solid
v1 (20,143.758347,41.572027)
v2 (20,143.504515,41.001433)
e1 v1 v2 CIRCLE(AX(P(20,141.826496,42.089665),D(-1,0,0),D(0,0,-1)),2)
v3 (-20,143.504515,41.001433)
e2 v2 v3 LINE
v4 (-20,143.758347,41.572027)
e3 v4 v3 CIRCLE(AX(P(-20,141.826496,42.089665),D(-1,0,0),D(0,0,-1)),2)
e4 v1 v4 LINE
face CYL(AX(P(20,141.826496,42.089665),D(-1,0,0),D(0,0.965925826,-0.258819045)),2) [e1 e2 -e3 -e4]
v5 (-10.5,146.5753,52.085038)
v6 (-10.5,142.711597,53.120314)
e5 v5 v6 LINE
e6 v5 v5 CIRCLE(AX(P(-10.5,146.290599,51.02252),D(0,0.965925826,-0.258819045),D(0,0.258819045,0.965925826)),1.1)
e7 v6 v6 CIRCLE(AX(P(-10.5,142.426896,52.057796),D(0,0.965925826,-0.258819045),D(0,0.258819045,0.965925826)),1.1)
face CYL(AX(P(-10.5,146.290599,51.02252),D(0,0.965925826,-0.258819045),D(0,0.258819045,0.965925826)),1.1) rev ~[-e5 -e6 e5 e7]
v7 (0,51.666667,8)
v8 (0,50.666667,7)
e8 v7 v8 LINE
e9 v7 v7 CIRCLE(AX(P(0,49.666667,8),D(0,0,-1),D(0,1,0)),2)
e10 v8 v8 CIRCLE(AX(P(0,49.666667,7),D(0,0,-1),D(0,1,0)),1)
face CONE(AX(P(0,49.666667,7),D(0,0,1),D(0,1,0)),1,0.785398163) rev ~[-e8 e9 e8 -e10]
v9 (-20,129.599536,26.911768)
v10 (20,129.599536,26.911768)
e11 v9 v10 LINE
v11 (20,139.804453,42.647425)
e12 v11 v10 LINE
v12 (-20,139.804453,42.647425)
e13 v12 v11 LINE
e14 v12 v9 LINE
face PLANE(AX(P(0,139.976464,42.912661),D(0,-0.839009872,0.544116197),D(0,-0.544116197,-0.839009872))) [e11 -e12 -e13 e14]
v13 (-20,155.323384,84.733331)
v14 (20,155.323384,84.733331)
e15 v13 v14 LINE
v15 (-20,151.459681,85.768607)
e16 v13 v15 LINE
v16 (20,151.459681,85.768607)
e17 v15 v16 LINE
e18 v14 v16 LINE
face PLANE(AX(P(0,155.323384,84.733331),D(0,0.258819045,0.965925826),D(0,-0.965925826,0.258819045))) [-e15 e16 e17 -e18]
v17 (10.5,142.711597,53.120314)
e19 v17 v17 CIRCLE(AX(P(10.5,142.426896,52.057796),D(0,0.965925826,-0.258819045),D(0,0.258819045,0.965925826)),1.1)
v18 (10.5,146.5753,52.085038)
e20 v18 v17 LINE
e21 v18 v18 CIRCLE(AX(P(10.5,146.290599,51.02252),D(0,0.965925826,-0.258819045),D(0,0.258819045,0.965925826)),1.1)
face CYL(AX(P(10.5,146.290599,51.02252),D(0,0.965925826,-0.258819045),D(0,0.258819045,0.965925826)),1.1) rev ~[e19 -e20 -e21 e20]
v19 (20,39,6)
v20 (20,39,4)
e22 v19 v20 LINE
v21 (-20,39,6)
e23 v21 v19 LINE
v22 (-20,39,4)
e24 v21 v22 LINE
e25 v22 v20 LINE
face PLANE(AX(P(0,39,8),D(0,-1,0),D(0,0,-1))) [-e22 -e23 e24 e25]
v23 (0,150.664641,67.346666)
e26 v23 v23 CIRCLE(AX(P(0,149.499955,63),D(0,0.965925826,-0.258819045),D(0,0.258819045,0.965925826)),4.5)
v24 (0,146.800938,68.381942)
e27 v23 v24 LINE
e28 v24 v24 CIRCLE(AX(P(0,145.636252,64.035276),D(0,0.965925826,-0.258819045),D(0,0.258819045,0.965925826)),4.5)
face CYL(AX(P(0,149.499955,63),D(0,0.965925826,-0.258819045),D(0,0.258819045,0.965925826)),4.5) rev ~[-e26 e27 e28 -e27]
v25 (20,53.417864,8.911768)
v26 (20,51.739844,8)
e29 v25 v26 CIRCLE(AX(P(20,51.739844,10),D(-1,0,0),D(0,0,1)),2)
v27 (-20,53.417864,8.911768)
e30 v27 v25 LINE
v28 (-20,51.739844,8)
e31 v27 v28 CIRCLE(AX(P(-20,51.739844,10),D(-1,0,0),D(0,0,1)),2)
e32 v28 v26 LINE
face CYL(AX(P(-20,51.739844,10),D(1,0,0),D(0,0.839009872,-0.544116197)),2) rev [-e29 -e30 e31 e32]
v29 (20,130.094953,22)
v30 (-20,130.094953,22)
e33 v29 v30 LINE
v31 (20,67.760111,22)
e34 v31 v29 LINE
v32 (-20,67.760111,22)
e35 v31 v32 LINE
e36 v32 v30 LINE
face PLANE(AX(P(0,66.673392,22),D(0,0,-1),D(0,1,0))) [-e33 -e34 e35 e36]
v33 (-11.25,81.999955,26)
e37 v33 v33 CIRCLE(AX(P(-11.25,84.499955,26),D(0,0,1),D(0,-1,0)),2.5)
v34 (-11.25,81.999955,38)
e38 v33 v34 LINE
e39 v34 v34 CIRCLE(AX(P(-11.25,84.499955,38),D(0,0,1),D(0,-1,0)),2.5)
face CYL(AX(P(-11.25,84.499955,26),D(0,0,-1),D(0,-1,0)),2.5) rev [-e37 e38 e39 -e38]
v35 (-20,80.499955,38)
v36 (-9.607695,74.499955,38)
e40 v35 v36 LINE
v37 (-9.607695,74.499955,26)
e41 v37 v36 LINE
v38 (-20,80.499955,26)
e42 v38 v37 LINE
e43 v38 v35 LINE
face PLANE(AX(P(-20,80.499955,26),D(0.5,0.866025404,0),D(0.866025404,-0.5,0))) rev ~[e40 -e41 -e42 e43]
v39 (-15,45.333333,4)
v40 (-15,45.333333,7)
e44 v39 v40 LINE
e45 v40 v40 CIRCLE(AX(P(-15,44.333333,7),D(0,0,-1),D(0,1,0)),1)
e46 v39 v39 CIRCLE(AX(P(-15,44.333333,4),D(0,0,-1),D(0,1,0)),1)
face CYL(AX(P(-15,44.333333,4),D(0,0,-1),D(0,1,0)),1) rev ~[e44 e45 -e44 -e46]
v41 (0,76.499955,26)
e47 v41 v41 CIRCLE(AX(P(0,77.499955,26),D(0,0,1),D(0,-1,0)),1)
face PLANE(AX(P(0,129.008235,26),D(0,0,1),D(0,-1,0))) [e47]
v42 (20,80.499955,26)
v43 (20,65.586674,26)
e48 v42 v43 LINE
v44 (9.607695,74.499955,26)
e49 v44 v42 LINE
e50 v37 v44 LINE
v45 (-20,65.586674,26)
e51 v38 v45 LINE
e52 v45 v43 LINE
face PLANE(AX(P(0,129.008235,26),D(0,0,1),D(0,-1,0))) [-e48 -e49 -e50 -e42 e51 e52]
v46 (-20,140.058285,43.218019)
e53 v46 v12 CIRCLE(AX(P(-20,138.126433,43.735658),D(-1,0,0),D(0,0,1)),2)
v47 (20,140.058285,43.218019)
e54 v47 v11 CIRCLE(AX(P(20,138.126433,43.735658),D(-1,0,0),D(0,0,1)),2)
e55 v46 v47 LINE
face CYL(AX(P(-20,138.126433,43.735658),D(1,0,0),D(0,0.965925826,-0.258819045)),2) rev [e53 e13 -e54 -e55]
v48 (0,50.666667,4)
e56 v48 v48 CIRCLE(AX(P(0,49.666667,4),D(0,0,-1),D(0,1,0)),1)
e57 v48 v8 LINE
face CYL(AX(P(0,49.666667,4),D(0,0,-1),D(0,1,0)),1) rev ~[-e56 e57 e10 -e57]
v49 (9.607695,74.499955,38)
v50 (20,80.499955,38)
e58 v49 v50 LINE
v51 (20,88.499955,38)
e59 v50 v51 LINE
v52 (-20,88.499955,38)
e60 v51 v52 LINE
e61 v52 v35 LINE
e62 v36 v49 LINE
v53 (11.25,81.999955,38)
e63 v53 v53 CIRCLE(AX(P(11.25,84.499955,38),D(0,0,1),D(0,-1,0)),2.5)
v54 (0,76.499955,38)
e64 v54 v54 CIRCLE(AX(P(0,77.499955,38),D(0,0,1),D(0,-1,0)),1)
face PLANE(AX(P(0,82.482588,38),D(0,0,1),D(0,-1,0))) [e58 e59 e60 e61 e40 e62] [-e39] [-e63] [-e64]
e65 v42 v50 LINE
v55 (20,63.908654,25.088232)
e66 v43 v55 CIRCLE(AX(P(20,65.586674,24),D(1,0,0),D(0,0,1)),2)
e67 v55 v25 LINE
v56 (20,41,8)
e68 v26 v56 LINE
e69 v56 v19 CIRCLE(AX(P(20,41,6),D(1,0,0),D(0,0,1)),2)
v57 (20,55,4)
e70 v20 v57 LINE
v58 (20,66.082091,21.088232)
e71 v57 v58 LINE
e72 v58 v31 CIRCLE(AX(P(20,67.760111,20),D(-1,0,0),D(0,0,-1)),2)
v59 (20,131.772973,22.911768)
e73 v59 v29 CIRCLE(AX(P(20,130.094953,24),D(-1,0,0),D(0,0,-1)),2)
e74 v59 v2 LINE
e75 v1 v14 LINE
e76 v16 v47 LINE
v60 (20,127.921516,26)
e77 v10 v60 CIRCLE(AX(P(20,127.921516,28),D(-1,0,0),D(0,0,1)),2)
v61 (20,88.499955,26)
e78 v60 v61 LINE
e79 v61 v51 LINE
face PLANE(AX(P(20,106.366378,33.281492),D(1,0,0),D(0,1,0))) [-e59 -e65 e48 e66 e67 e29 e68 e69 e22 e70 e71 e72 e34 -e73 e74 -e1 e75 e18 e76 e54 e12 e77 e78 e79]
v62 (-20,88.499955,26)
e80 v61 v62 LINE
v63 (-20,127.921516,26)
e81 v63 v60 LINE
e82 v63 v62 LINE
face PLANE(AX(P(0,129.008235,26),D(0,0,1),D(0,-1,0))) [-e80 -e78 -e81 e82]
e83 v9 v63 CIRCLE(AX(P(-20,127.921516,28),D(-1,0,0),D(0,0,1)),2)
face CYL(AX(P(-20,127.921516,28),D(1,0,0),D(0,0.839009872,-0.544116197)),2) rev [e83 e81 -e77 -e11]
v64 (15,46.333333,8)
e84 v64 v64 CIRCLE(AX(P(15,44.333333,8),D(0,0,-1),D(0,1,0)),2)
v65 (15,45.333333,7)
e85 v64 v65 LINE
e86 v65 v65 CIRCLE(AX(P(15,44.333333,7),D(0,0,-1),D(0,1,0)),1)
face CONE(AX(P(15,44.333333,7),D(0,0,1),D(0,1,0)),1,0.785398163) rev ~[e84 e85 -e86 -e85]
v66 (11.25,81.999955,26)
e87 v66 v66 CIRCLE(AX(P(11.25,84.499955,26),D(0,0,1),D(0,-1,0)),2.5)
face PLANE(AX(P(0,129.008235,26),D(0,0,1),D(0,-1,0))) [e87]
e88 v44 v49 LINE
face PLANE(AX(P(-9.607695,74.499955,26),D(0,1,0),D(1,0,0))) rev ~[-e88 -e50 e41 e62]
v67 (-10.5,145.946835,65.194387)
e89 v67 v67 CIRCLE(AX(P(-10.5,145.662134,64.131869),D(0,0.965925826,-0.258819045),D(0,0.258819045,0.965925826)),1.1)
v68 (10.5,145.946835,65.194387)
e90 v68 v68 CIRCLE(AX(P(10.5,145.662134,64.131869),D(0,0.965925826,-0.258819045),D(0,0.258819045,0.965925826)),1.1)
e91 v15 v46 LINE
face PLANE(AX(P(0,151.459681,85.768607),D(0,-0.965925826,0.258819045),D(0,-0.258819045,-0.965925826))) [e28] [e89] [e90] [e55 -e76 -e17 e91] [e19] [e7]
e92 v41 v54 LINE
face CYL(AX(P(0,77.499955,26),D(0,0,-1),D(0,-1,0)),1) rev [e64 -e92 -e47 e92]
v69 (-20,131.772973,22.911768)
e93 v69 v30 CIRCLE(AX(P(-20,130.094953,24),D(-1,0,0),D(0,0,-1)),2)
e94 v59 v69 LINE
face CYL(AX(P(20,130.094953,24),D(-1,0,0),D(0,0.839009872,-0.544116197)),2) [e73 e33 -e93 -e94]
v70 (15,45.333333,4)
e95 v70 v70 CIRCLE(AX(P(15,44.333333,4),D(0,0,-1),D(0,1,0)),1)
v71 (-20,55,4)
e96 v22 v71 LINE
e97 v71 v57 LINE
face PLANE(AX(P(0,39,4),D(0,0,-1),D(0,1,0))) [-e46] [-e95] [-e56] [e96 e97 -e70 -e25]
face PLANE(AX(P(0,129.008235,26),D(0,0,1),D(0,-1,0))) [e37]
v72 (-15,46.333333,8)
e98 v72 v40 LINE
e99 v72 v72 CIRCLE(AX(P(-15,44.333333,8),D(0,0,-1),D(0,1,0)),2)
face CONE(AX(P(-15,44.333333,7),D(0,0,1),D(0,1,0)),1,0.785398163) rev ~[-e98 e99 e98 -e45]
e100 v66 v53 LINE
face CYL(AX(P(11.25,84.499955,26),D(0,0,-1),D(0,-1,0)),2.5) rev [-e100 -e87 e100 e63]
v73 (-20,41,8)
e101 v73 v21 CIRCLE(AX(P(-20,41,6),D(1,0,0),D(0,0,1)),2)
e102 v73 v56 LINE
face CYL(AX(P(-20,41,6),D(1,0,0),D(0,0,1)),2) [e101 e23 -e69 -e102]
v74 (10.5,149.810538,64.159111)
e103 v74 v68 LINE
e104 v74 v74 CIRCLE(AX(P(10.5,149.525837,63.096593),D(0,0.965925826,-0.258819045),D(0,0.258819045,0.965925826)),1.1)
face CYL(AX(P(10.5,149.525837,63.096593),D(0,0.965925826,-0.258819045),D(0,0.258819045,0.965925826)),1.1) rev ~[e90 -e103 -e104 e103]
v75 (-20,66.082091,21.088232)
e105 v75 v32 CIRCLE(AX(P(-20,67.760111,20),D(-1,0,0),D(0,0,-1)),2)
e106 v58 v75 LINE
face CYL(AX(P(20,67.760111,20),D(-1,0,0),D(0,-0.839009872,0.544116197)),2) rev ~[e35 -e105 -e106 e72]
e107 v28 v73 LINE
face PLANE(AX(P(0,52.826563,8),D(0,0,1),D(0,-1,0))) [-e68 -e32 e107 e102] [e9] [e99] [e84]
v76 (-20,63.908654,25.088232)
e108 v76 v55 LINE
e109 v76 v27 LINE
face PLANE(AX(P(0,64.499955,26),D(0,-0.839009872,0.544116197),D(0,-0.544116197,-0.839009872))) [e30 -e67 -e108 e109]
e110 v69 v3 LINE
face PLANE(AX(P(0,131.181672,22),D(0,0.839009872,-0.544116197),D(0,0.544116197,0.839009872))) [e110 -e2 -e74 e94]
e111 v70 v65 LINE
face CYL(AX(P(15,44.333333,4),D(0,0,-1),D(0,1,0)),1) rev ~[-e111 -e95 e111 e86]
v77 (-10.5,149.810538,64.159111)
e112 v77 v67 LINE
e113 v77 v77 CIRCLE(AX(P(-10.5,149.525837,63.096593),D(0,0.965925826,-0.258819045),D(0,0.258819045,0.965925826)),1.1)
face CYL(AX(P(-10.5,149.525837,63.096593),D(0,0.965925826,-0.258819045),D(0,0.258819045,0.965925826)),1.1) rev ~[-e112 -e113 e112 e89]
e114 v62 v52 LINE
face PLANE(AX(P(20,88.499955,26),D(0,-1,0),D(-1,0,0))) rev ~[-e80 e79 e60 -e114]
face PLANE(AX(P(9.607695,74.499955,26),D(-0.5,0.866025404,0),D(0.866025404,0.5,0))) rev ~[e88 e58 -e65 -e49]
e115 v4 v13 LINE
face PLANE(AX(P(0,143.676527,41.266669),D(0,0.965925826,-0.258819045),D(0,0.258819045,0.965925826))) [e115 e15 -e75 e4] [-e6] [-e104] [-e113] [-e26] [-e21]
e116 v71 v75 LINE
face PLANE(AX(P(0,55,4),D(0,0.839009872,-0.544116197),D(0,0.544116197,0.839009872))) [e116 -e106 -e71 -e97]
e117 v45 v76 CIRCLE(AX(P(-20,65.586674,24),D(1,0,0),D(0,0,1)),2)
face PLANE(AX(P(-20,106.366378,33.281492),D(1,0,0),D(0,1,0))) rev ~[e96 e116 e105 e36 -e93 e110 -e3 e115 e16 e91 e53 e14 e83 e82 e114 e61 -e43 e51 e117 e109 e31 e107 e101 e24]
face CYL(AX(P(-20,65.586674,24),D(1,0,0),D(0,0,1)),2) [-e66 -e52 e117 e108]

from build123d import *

# Parameters (mm, degrees)
PAD003_DEPTH    = 20
SKETCH006_R     = 4.5
SKETCH006_R_2   = 1.1
POCKET001_DEPTH = 112.6287098757
SKETCH007_R     = 2.5
SKETCH007_R_2   = 1
PAD004_DEPTH    = 12
FILLET002_R     = 2
SKETCH008_R     = 1
POCKET002_DEPTH = 5
CHAMFER_SIZE    = 1


with BuildPart() as part:
    # Sketch005 → Pad003 (new body, symmetric)
    with BuildSketch(Plane.YZ):
        Polygon((143.6765268423, 41.2666689085), (155.3233838719, 84.7333310915), (151.4596805668, 85.7686072719), (139.9764644611, 42.9126613312), (129.0082348028, 26), (84.4999553571, 26), (64.4999553571, 26), (52.8265628624, 8), (39, 8), (39, 4), (47, 4), (55, 4), (66.6733924947, 22), (131.1816719404, 22), align=None)
    extrude(amount=PAD003_DEPTH, both=True)

    # Sketch006 (on Face8 of Pad003) → Pocket001 (cut, through all)
    with BuildSketch(Plane(origin=(0, 123.7353572805, -33.1547890585), x_dir=(0, 0.2588190451, 0.9659258263), z_dir=(0, 0.9659258263, -0.2588190451))):
        with Locations((99.5467627446, 0)):
            Circle(SKETCH006_R)
        with Locations((99.6467627446, 10.5)):
            Circle(SKETCH006_R_2)
        with Locations((99.6467627446, -10.5)):
            Circle(SKETCH006_R_2)
        with Locations((87.1467627446, -10.5)):
            Circle(SKETCH006_R_2)
        with Locations((87.1467627446, 10.5)):
            Circle(SKETCH006_R_2)
    extrude(amount=-POCKET001_DEPTH, mode=Mode.SUBTRACT)

    # Sketch007 (on Face16 of Pocket001) → Pad004 (join)
    with BuildSketch(Plane(origin=(0, 0, 26), x_dir=(0, -1, 0), z_dir=(0, 0, 1))):
        Polygon((-80.4999553571, 20), (-88.4999553571, 20), (-88.4999553571, -20), (-80.4999553571, -20), (-74.4999553571, -9.6076951546), (-74.4999553571, 9.6076951546), align=None)
        with Locations((-84.4999553571, -11.25)):
            Circle(SKETCH007_R, mode=Mode.SUBTRACT)
        with Locations((-84.4999553571, 11.25)):
            Circle(SKETCH007_R, mode=Mode.SUBTRACT)
        with Locations((-77.4999553571, 0)):
            Circle(SKETCH007_R_2, mode=Mode.SUBTRACT)
    extrude(amount=PAD004_DEPTH)

    # Fillet002
    fillet002_edges = [part.edges().sort_by_distance(p)[0] for p in [
        (0, 139.976464, 42.912661),
        (0, 52.826563, 8),
        (0, 129.008235, 26),
        (0, 64.499955, 26),
        (0, 39, 8),
        (0, 143.676527, 41.266669),
        (0, 131.181672, 22),
        (0, 66.673392, 22),
    ]]
    fillet(fillet002_edges, radius=FILLET002_R)

    # Sketch008 (on Face8 of Pad004) → Pocket002 (cut)
    with BuildSketch(Plane.YX.offset(-4)):
        with Locations((44.3333333333, 15)):
            Circle(SKETCH008_R)
        with Locations((44.3333333333, -15)):
            Circle(SKETCH008_R)
        with Locations((49.6666666667, 0)):
            Circle(SKETCH008_R)
    extrude(amount=-POCKET002_DEPTH, mode=Mode.SUBTRACT)

    # Chamfer
    chamfer_edges = [part.edges().sort_by_distance(p)[0] for p in [
        (15, 43.333333, 8),
        (0, 48.666667, 8),
        (-15, 43.333333, 8),
    ]]
    chamfer(chamfer_edges, length=CHAMFER_SIZE)


solid = part.part
